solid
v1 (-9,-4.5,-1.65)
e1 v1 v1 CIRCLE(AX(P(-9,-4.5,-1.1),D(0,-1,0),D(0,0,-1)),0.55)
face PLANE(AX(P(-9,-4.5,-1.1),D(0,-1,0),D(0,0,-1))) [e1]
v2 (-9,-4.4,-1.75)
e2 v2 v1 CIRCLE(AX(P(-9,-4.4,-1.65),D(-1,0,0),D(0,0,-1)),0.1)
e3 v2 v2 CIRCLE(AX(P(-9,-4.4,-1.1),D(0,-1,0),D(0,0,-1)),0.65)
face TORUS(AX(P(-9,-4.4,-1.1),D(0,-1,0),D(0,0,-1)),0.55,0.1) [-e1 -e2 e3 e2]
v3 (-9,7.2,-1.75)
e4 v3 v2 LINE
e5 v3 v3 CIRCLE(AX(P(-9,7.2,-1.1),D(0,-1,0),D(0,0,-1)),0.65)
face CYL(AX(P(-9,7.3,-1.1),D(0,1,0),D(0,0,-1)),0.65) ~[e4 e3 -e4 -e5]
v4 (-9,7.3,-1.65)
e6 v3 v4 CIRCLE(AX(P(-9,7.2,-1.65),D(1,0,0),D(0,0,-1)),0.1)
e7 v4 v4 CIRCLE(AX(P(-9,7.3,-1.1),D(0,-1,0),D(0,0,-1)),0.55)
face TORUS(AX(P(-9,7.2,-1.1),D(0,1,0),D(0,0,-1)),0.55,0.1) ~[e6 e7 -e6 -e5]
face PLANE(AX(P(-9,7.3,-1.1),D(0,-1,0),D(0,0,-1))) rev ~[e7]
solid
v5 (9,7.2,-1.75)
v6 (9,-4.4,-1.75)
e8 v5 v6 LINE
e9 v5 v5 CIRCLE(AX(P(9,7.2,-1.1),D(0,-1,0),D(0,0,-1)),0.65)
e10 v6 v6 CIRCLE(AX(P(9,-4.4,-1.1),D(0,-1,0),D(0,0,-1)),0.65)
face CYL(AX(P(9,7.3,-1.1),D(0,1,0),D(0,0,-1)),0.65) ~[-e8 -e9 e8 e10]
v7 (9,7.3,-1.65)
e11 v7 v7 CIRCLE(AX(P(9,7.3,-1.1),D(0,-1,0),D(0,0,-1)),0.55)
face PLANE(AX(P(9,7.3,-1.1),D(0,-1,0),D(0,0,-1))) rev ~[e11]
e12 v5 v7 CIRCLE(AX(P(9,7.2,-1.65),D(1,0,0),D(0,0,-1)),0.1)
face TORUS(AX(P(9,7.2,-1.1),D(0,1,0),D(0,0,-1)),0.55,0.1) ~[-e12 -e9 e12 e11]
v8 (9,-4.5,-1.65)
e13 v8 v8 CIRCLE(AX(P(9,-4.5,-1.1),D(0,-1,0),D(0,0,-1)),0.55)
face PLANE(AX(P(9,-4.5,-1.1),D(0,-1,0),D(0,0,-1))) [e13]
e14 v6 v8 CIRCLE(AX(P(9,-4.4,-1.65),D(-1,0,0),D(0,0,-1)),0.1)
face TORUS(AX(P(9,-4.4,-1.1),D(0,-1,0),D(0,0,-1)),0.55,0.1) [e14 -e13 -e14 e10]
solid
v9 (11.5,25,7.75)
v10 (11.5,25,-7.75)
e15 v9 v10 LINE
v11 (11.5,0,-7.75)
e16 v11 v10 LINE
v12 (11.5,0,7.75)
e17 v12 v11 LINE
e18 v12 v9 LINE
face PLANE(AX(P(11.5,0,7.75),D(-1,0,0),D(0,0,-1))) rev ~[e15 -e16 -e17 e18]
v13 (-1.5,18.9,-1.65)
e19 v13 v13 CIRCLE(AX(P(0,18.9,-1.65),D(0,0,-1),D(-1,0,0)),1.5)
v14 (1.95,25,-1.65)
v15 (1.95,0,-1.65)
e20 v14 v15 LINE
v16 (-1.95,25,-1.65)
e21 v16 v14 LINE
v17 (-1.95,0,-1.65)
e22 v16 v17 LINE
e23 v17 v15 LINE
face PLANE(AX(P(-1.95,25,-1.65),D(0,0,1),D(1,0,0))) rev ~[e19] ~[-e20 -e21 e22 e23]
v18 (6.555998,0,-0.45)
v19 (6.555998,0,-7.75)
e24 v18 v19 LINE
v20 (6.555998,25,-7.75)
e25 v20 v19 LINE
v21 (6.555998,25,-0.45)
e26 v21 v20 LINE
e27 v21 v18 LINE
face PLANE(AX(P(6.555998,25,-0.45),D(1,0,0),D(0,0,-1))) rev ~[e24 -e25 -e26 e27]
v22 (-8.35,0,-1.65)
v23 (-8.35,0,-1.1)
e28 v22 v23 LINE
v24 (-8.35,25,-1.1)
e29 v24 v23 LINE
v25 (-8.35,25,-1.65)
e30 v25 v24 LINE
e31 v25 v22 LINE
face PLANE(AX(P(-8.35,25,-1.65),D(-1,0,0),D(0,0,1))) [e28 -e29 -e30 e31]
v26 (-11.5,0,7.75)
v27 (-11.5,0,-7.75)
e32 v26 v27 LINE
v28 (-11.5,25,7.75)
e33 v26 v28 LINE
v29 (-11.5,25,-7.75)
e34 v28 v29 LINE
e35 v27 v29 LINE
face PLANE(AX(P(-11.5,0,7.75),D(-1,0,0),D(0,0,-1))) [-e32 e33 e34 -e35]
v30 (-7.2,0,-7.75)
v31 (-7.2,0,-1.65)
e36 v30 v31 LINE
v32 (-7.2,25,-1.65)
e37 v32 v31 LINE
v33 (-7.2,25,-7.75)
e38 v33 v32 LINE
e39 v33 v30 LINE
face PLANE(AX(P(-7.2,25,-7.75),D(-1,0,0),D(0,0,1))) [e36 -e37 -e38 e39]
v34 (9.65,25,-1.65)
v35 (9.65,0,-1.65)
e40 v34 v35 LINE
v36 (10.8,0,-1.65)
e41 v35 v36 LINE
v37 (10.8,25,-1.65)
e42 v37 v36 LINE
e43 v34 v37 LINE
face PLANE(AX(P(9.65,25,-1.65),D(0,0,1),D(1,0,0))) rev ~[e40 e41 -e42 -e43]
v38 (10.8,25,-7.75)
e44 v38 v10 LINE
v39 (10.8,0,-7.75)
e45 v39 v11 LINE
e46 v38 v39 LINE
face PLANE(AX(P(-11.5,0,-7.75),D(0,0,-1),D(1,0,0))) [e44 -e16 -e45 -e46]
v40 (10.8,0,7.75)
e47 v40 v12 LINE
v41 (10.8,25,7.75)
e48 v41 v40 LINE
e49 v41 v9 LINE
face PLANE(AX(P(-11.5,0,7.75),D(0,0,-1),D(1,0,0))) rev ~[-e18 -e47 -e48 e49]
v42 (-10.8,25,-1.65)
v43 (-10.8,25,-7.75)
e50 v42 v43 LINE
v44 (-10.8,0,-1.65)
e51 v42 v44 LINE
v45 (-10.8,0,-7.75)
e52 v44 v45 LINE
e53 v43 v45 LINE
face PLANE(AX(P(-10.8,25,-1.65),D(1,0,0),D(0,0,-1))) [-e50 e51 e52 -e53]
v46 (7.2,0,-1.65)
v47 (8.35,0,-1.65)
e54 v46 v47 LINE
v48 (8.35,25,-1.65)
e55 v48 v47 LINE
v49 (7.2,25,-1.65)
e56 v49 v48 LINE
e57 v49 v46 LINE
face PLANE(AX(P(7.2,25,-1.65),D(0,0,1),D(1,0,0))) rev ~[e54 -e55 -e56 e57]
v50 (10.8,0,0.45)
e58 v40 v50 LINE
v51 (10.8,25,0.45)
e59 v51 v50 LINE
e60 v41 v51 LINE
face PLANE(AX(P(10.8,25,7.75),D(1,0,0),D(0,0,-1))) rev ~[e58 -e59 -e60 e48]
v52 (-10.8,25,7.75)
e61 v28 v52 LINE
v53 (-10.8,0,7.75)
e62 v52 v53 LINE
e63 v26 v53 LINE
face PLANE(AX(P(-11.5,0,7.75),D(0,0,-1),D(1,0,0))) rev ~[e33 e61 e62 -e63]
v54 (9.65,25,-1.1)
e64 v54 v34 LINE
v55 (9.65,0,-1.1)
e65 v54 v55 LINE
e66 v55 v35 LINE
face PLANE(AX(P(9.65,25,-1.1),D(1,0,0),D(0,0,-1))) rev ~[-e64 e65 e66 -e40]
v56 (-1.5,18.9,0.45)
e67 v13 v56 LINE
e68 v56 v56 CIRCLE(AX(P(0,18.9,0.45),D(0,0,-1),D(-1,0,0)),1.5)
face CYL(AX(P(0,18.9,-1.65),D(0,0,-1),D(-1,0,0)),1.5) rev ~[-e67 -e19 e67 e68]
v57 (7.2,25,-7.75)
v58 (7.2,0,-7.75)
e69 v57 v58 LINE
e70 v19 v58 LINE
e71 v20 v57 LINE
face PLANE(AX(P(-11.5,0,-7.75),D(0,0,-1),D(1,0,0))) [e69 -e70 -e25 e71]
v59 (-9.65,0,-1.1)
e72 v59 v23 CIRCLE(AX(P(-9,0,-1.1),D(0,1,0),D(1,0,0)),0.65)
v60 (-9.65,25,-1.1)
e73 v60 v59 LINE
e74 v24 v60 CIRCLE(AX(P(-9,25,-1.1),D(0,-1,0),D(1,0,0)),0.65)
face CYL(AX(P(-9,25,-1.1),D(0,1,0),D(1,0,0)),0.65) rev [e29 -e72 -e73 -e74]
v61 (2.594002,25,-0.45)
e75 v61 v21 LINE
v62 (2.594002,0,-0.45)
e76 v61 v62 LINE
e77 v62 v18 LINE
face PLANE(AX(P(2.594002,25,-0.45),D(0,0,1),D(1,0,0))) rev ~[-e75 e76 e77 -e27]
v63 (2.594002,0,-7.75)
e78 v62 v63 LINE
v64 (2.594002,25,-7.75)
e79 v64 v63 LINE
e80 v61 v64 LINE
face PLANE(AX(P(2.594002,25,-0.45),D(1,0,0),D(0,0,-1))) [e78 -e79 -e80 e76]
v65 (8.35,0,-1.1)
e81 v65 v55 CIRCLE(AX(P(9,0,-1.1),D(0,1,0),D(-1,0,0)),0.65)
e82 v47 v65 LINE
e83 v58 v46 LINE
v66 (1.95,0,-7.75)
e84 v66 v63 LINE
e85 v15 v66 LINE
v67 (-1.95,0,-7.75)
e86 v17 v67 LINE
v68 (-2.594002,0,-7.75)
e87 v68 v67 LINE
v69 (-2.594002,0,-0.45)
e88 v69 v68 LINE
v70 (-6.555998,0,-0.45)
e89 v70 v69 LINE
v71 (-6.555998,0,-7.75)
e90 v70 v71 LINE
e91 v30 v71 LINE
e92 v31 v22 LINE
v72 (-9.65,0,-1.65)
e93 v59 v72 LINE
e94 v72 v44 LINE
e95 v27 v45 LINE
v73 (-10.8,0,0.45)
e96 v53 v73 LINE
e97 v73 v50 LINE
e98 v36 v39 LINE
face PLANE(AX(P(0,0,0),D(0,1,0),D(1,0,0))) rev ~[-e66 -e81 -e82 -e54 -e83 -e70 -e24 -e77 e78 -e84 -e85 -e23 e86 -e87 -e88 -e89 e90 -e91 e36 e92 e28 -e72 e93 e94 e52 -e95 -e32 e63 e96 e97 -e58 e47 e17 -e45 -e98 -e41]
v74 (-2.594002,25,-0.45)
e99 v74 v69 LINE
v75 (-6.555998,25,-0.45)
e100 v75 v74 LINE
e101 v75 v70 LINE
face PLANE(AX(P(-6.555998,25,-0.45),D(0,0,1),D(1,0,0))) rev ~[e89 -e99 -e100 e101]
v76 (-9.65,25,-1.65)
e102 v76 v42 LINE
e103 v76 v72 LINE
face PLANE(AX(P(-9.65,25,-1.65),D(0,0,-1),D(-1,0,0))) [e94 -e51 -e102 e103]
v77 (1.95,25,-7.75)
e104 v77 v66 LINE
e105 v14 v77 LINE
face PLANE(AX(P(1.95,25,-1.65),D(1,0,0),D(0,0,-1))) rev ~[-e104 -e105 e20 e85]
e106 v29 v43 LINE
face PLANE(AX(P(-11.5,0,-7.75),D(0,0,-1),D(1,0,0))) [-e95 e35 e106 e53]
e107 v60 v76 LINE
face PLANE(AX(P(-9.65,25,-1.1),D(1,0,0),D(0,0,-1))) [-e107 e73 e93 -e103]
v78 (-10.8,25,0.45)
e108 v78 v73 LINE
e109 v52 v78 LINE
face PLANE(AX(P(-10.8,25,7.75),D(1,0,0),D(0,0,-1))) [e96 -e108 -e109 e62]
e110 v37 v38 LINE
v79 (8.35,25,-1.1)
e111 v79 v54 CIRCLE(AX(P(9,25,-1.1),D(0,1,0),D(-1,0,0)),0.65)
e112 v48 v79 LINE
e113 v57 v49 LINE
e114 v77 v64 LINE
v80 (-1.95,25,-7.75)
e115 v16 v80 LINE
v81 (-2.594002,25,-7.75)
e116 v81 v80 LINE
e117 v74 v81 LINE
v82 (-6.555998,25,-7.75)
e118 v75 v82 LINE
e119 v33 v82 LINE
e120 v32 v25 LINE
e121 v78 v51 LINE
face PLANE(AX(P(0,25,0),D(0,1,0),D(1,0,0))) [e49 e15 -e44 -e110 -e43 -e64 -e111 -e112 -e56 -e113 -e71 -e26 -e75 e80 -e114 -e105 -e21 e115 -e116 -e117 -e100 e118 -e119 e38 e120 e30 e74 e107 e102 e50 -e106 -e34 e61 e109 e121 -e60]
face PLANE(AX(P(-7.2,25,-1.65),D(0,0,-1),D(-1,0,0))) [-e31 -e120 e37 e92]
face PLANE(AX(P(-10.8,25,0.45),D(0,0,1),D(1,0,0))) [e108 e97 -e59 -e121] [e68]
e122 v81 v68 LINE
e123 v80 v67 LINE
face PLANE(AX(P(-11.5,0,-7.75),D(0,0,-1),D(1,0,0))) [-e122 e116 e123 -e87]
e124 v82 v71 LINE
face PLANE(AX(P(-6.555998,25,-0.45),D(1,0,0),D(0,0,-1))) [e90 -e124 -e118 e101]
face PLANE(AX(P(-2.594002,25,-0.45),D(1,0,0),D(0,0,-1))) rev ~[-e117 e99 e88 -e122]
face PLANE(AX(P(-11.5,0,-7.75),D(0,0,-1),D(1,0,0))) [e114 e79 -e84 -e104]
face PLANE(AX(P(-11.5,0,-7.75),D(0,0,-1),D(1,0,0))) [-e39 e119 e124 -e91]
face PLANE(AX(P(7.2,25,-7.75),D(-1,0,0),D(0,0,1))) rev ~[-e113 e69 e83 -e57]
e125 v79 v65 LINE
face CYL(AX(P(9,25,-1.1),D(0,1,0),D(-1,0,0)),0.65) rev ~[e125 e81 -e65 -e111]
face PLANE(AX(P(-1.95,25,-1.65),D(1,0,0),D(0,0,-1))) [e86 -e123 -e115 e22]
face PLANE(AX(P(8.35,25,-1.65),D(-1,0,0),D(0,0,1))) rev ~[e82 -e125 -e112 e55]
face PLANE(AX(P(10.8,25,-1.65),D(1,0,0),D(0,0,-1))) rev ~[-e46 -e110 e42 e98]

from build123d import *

# Parameters (mm, degrees)
SKETCH1_W                  = 23
SKETCH1_H                  = 15.5
HEIGHT_DEPTH               = 25
SKETCH2_W                  = 3.9
SKETCH2_H                  = 6.1
SKETCH2_W_2                = 3.961996068
SKETCH2_H_2                = 7.3
SKETCH2_W_3                = 21.6
PROFILE_CUT_DEPTH          = 29.588677829
BOSS_EXTRUDE2_DEPTH        = 4.5
BOSS_EXTRUDE2_DEPTH_BACK   = 7.3
SKETCH3_R                  = 0.65
BOSS_EXTRUDE2_2_DEPTH      = 4.5
BOSS_EXTRUDE2_2_DEPTH_BACK = 7.3
FILLET1_R                  = 0.1
FILLET2_R                  = 0.1
SKETCH4_R                  = 1.5
CUT_EXTRUDE2_DEPTH         = 30.079374134


with BuildPart() as part:
    # Sketch1 → Height (new body)
    with BuildSketch(Plane(origin=(0, 0, 0), x_dir=(1, 0, 0), z_dir=(0, 1, 0))):
        Rectangle(SKETCH1_W, SKETCH1_H)
    extrude(amount=HEIGHT_DEPTH)

    # Sketch2 → Profile Cut (cut, through all)
    with BuildSketch(Plane(origin=(0, 25, 0), x_dir=(1, 0, 0), z_dir=(0, 1, 0))):
        with Locations((0, 4.7)):
            Rectangle(SKETCH2_W, SKETCH2_H)
        with BuildLine():
            Line((-10.8, 7.75), (-7.2, 7.75))
            Line((-7.2, 7.75), (-7.2, 1.65))
            Line((-7.2, 1.65), (-8.35, 1.65))
            Line((-8.35, 1.65), (-8.35, 1.1))
            ThreePointArc((-8.35, 1.1), (-9, 0.45), (-9.65, 1.1))
            Line((-9.65, 1.1), (-9.65, 1.65))
            Line((-9.65, 1.65), (-10.8, 1.65))
            Line((-10.8, 1.65), (-10.8, 7.75))
        make_face()
        with BuildLine():
            Line((10.8, 7.75), (7.2, 7.75))
            Line((7.2, 7.75), (7.2, 1.65))
            Line((7.2, 1.65), (8.35, 1.65))
            Line((8.35, 1.65), (8.35, 1.1))
            ThreePointArc((8.35, 1.1), (9, 0.45), (9.65, 1.1))
            Line((9.65, 1.1), (9.65, 1.65))
            Line((9.65, 1.65), (10.8, 1.65))
            Line((10.8, 1.65), (10.8, 7.75))
        make_face()
        with Locations((-4.575, 4.1)):
            Rectangle(SKETCH2_W_2, SKETCH2_H_2)
        with Locations((4.575, 4.1)):
            Rectangle(SKETCH2_W_2, SKETCH2_H_2)
        with Locations((0, -4.1)):
            Rectangle(SKETCH2_W_3, SKETCH2_H_2)
    extrude(amount=-PROFILE_CUT_DEPTH, mode=Mode.SUBTRACT)

    # Sketch4 → Cut-Extrude2 (cut, through all)
    with BuildSketch(Plane(origin=(0, 0, -1.65), x_dir=(-1, 0, 0), z_dir=(0, 0, -1))):
        with Locations((0, 18.9)):
            Circle(SKETCH4_R)
    extrude(amount=-CUT_EXTRUDE2_DEPTH, mode=Mode.SUBTRACT)


with BuildPart() as body_2:
    # Sketch3 → Boss-Extrude2 (new, two sides: drawn at the far end of the back side and taken through both)
    with BuildSketch(Plane.XZ.offset(-BOSS_EXTRUDE2_DEPTH_BACK)):
        with Locations(Location((-9, -1.1, 0), (0, 0, 270))):
            Circle(SKETCH3_R)
    extrude(amount=BOSS_EXTRUDE2_DEPTH + BOSS_EXTRUDE2_DEPTH_BACK)

    # Fillet2
    fillet2_edges = [body_2.edges().sort_by_distance(p)[0] for p in [
        (-9, -4.5, -0.45),
        (-9, 7.3, -0.45),
    ]]
    fillet(fillet2_edges, radius=FILLET2_R)


with BuildPart() as body_3:
    # Sketch3 → Boss-Extrude2 2 (new, two sides: drawn at the far end of the back side and taken through both)
    with BuildSketch(Plane.XZ.offset(-BOSS_EXTRUDE2_2_DEPTH_BACK)):
        with Locations(Location((9, -1.1, 0), (0, 0, 270))):
            Circle(SKETCH3_R)
    extrude(amount=BOSS_EXTRUDE2_2_DEPTH + BOSS_EXTRUDE2_2_DEPTH_BACK)

    # Fillet1
    fillet1_edges = [body_3.edges().sort_by_distance(p)[0] for p in [
        (9, -4.5, -0.45),
        (9, 7.3, -0.45),
    ]]
    fillet(fillet1_edges, radius=FILLET1_R)


solid = Compound([part.part, body_2.part, body_3.part])
